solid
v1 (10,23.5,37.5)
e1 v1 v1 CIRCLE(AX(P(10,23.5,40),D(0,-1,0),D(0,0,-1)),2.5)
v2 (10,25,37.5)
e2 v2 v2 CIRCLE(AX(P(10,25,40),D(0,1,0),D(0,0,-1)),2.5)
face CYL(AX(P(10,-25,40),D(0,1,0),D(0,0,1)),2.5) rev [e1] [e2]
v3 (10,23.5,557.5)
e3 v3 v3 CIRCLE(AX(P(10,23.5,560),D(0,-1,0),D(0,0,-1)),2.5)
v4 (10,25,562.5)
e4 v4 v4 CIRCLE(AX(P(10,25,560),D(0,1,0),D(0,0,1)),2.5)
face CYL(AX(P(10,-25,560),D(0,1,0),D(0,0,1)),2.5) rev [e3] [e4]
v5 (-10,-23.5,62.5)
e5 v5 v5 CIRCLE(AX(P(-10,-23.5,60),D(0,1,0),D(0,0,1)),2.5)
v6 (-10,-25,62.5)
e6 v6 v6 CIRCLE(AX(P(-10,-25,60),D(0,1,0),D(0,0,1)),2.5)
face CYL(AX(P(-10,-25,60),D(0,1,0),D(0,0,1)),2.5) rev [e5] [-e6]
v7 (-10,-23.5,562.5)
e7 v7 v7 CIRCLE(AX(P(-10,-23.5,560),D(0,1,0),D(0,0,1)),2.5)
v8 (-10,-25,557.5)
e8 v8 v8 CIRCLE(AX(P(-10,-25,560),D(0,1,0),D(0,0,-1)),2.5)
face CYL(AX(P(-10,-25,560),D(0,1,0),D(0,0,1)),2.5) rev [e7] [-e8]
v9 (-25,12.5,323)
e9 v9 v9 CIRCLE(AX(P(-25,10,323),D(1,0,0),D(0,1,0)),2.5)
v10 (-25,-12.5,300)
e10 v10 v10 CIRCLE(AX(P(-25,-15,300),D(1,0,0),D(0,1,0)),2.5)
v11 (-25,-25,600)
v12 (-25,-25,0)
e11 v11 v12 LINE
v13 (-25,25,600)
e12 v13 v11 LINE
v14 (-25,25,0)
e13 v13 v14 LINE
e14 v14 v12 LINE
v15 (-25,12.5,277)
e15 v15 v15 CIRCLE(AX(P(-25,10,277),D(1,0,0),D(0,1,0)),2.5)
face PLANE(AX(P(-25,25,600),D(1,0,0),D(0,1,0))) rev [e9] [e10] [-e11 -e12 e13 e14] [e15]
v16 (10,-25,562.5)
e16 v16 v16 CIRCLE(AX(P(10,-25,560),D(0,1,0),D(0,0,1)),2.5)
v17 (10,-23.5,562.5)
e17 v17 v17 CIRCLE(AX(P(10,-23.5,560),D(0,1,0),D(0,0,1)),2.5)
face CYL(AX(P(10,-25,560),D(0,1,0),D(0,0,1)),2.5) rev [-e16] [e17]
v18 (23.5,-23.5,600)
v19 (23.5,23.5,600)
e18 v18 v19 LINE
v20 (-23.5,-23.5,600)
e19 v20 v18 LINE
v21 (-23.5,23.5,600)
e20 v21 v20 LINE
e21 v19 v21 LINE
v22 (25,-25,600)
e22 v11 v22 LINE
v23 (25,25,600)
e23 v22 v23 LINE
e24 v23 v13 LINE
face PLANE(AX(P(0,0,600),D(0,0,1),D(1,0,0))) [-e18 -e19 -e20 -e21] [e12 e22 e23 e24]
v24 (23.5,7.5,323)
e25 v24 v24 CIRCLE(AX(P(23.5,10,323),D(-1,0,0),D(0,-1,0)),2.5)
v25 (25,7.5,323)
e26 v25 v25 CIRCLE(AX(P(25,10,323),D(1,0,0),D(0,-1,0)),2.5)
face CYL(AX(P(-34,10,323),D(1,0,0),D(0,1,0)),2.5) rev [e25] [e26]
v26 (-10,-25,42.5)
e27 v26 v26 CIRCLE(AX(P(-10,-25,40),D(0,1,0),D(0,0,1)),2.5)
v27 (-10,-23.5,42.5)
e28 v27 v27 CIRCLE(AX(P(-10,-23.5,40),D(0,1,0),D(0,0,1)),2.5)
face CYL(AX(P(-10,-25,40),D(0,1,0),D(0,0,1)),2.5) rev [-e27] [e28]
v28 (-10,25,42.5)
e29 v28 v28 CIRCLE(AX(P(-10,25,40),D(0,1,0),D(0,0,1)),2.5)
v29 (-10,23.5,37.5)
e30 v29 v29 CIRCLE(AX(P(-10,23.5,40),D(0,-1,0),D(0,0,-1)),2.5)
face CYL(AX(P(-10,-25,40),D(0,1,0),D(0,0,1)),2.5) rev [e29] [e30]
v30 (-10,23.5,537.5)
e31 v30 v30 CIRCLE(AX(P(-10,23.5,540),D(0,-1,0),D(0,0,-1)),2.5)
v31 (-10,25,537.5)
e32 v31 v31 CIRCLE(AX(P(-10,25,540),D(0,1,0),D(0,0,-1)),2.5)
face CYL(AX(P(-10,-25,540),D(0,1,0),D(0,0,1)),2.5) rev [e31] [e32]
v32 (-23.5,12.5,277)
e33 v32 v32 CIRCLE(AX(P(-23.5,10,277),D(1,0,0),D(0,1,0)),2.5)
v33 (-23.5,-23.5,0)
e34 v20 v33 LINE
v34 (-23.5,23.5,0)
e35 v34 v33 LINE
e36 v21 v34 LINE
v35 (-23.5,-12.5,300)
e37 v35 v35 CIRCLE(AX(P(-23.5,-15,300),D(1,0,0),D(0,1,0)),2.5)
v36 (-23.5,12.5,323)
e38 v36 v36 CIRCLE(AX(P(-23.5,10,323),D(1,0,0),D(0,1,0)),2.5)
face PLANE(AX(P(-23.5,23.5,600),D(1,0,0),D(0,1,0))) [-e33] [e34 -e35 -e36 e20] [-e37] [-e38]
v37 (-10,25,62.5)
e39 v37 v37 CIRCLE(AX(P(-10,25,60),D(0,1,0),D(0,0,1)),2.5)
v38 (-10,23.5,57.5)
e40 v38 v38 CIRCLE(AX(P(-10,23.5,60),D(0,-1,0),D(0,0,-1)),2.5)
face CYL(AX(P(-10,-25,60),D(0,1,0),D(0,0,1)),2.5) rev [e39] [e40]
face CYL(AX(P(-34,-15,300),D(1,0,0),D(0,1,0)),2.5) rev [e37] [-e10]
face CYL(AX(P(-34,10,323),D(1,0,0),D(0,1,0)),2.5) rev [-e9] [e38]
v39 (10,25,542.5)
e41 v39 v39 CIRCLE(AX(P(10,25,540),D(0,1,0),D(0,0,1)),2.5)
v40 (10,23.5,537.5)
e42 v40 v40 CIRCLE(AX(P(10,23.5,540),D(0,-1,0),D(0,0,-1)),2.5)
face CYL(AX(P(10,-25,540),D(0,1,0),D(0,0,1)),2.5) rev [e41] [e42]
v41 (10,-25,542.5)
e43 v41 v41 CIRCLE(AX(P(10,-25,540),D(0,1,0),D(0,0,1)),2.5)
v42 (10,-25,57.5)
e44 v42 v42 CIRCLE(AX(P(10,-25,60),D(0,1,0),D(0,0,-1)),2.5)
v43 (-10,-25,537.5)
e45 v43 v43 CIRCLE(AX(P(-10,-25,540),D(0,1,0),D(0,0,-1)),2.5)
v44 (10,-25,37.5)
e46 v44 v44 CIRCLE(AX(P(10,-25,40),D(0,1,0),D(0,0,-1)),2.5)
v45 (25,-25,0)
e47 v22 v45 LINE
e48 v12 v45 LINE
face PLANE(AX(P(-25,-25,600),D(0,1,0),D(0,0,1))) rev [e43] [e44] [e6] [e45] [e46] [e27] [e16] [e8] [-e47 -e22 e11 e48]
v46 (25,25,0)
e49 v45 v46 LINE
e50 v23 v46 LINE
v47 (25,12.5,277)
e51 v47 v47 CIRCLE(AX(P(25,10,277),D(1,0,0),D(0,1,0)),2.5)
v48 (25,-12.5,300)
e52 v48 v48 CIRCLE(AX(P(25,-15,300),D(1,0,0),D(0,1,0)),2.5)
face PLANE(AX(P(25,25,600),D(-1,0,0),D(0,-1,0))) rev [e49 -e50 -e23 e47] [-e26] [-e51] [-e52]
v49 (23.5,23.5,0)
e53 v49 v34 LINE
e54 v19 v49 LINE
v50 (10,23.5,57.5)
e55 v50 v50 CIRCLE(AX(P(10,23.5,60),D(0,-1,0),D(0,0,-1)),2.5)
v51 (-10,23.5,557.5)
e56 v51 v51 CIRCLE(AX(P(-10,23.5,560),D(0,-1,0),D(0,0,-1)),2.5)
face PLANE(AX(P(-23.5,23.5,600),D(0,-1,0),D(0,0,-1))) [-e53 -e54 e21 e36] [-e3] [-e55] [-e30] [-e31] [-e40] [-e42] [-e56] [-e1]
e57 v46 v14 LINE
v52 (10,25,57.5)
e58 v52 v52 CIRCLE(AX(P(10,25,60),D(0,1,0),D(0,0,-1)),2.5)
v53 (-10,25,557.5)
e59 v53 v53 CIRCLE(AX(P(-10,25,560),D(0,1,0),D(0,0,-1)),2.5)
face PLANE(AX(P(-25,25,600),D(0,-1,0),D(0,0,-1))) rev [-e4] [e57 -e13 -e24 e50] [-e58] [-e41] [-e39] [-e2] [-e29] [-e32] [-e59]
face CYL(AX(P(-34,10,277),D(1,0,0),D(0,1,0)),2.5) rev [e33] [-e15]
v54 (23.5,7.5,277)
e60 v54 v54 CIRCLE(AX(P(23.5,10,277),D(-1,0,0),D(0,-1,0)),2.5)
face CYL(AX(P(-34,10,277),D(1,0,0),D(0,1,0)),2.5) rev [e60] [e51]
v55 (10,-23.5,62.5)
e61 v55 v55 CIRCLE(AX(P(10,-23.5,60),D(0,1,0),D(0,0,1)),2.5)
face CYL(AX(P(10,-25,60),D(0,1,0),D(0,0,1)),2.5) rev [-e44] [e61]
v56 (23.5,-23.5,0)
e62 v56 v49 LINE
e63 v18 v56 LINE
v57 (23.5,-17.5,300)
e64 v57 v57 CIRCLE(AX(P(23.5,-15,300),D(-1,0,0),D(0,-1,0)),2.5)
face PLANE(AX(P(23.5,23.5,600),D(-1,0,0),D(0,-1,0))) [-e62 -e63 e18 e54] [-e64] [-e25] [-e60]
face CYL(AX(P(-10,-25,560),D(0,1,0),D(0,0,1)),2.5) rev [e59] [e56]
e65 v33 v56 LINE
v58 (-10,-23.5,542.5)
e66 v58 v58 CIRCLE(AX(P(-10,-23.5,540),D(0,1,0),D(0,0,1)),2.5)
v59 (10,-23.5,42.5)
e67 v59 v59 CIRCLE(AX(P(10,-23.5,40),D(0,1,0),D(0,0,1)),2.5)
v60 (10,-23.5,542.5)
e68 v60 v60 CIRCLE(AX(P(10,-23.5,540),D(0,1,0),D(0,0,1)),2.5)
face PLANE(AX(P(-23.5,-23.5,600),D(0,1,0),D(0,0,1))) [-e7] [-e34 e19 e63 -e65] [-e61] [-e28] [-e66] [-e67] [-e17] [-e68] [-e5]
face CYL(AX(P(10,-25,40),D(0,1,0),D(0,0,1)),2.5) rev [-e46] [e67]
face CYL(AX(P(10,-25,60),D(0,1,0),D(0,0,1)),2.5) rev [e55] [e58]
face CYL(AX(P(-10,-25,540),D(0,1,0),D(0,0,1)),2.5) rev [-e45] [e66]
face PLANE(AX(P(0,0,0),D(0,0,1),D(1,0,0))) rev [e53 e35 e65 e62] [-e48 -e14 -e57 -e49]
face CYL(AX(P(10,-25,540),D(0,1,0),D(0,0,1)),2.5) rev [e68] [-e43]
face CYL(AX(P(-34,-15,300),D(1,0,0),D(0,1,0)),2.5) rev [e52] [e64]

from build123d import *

# Parameters (mm, degrees)
SKETCH1_W           = 50
SKETCH1_H           = 50
SKETCH1_W_2         = 47
SKETCH1_H_2         = 47
BOSS_EXTRUDE1_DEPTH = 600
SKETCH2_R           = 2.5
CUT_EXTRUDE1_DEPTH  = 59
SKETCH3_R           = 2.5
CUT_EXTRUDE2_DEPTH  = 603.59853966


with BuildPart() as part:
    # Sketch1 → Boss-Extrude1 (new body)
    with BuildSketch(Plane.XY):
        Rectangle(SKETCH1_W, SKETCH1_H)
        Rectangle(SKETCH1_W_2, SKETCH1_H_2, mode=Mode.SUBTRACT)
    extrude(amount=BOSS_EXTRUDE1_DEPTH)

    # Sketch2 → Cut-Extrude1 (cut)
    with BuildSketch(Plane(origin=(25, 0, 0), x_dir=(0, 0, -1), z_dir=(1, 0, 0))):
        with Locations(Location((-300, -15, 0), (0, 0, 90))):
            Circle(SKETCH2_R)
        with Locations(Location((-277, 10, 0), (0, 0, 90))):
            Circle(SKETCH2_R)
        with Locations(Location((-323, 10, 0), (0, 0, 90))):
            Circle(SKETCH2_R)
    extrude(amount=-CUT_EXTRUDE1_DEPTH, mode=Mode.SUBTRACT)

    # Sketch3 → Cut-Extrude2 (cut, through all)
    with BuildSketch(Plane(origin=(0, 25, 0), x_dir=(1, 0, 0), z_dir=(0, 1, 0))):
        with Locations(Location((-10, -40, 0), (0, 0, 270))):
            Circle(SKETCH3_R)
        with Locations(Location((10, -40, 0), (0, 0, 270))):
            Circle(SKETCH3_R)
        with Locations(Location((-10, -60, 0), (0, 0, 270))):
            Circle(SKETCH3_R)
        with Locations(Location((10, -60, 0), (0, 0, 270))):
            Circle(SKETCH3_R)
        with Locations(Location((10, -540, 0), (0, 0, 270))):
            Circle(SKETCH3_R)
        with Locations(Location((-10, -540, 0), (0, 0, 270))):
            Circle(SKETCH3_R)
        with Locations(Location((10, -560, 0), (0, 0, 270))):
            Circle(SKETCH3_R)
        with Locations(Location((-10, -560, 0), (0, 0, 270))):
            Circle(SKETCH3_R)
    extrude(amount=-CUT_EXTRUDE2_DEPTH, mode=Mode.SUBTRACT)


solid = part.part
